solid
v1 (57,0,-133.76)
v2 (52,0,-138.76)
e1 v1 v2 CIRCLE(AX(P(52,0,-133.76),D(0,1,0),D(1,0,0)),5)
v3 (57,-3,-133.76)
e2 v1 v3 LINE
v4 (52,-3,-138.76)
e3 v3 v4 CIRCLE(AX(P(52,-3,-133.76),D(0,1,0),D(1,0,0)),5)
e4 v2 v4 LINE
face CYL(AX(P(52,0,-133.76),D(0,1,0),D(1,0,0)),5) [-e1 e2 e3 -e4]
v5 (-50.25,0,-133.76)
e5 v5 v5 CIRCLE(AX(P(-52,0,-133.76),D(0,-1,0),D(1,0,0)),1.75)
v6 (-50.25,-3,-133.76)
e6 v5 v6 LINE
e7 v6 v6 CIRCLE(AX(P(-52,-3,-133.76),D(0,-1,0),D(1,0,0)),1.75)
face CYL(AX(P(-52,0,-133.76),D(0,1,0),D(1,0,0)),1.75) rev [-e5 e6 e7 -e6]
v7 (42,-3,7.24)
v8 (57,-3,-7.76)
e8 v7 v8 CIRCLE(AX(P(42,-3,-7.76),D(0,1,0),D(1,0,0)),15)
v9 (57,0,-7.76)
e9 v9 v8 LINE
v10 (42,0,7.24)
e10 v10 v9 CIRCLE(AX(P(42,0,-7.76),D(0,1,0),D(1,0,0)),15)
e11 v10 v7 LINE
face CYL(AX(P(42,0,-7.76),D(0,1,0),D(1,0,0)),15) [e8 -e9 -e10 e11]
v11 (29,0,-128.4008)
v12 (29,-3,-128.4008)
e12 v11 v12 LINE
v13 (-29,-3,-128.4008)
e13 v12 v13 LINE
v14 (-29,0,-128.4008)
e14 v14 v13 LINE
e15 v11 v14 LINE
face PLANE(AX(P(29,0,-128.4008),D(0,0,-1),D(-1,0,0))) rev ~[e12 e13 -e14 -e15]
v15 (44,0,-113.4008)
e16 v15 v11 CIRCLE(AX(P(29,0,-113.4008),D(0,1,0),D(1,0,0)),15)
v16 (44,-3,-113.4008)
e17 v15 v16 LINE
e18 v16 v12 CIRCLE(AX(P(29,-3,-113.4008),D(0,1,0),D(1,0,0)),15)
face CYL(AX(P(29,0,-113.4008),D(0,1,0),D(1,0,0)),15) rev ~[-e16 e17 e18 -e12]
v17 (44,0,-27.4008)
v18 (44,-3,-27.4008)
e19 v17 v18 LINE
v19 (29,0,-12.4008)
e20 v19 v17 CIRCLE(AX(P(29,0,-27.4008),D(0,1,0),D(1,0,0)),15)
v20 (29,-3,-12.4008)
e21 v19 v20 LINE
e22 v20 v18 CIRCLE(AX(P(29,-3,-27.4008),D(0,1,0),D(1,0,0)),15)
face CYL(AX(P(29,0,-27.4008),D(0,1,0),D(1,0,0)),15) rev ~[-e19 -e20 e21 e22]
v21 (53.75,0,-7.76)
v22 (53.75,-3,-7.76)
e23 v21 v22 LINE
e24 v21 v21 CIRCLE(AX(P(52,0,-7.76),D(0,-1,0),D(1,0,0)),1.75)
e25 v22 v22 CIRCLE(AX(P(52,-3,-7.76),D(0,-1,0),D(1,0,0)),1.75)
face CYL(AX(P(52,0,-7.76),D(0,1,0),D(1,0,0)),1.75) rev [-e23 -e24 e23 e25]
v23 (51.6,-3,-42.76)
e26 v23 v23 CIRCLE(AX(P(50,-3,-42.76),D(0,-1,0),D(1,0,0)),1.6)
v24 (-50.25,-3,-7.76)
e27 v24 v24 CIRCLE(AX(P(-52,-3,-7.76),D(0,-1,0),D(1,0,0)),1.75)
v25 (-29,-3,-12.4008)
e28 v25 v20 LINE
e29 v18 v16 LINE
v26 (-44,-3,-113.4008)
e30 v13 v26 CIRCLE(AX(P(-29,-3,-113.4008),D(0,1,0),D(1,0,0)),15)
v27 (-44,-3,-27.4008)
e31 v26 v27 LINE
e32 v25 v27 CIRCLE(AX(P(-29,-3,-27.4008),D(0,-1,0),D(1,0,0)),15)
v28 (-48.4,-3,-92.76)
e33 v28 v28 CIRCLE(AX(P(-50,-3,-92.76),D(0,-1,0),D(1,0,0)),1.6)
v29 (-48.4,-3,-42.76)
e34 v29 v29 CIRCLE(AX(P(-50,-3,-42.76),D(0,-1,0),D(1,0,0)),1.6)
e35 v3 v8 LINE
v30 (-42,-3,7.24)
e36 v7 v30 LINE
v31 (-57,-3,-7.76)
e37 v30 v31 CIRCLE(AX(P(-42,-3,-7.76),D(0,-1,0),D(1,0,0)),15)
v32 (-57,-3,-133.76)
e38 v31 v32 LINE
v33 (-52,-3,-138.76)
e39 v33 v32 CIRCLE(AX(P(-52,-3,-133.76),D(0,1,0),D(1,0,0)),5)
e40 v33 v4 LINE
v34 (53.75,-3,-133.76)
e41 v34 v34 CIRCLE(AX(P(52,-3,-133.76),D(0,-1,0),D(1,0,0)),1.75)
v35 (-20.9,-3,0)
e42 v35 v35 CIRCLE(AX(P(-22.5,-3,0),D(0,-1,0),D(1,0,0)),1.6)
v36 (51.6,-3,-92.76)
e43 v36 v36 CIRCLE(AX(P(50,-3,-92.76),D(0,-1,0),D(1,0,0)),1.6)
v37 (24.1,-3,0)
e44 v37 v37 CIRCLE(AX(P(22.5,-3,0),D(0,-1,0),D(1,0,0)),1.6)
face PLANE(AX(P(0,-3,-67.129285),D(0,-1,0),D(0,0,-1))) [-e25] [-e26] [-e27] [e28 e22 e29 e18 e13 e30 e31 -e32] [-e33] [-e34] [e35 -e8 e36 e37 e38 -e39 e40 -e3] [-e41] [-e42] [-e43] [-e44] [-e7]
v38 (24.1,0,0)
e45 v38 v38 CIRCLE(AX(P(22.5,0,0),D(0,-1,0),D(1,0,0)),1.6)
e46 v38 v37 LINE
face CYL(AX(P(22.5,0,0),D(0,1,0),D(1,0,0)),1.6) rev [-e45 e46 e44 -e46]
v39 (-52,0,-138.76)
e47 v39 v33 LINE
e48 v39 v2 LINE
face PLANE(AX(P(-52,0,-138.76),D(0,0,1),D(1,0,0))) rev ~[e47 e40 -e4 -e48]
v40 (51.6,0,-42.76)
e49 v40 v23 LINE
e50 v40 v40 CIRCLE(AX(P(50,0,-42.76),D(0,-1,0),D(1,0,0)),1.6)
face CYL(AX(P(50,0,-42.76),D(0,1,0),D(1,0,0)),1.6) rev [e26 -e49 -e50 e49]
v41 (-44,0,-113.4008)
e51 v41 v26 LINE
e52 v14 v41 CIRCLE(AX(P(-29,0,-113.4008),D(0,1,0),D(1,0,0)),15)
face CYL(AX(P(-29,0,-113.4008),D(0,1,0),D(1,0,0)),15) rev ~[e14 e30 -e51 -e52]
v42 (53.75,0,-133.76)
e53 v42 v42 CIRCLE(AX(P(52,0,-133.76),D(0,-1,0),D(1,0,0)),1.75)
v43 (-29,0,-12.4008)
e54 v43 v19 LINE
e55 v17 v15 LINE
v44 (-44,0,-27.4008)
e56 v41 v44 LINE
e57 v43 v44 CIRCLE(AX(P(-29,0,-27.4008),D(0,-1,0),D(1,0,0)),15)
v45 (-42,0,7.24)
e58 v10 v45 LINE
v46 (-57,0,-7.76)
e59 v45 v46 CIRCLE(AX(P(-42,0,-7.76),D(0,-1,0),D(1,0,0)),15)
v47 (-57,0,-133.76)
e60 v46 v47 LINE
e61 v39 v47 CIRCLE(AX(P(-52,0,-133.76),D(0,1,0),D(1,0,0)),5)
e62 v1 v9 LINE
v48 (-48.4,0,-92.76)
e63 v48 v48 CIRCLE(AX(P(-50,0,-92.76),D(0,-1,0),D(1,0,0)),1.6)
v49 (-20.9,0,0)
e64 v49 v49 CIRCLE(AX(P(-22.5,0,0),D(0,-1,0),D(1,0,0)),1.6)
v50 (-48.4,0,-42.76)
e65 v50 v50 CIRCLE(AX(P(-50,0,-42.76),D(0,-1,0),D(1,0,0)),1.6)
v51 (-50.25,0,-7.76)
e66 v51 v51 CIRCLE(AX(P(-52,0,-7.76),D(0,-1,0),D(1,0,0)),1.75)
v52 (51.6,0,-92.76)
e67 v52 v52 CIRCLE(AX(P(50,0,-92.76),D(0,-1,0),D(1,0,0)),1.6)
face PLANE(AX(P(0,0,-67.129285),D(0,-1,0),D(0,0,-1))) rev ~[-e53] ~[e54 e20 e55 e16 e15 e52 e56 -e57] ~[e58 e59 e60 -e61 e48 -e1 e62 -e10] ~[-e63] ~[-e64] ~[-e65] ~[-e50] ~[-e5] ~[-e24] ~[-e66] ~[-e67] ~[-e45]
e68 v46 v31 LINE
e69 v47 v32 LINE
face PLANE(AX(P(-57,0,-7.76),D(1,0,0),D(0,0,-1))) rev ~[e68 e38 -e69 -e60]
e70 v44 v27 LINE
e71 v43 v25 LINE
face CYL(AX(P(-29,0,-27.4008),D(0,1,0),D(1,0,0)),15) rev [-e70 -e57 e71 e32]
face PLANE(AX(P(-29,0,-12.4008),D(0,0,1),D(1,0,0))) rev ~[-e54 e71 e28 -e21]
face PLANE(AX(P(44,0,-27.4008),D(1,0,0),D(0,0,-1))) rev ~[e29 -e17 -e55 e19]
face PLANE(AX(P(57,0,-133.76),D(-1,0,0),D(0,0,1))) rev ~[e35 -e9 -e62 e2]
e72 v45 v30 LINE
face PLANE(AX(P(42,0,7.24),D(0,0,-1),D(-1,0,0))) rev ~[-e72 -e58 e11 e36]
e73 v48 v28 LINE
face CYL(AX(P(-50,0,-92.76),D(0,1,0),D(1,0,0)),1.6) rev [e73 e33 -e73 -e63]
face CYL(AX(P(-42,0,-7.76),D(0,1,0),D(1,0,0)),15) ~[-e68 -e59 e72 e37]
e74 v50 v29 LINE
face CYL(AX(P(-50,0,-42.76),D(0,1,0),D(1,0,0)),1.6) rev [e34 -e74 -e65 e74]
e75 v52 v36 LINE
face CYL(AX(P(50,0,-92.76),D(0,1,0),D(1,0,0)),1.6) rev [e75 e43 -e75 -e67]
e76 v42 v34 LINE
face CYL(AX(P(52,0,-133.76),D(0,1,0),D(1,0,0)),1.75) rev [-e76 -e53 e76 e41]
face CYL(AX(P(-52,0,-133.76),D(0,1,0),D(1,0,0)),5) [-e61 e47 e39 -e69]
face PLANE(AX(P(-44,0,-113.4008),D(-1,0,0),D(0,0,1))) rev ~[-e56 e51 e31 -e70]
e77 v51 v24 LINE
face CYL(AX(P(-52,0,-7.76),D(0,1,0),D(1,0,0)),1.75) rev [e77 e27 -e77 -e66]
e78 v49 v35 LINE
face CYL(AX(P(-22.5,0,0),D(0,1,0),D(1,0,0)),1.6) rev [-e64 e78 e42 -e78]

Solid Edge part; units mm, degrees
sketch "Sketch1" plane through (0, 0, 0) normal (0, -1, 0) x (1, 0, 0)
  line L0 (-57, -7.76) -> (-57, -133.76)
  arc A0 (-52, -138.76) -> (-57, -133.76) centre (-52, -133.76) cw
  line L1 (-52, -138.76) -> (52, -138.76)
  arc A1 (57, -133.76) -> (52, -138.76) centre (52, -133.76) cw
  line L2 (57, -133.76) -> (57, -7.76)
  arc A2 (42, 7.24) -> (57, -7.76) centre (42, -7.76) cw
  line L3 (42, 7.24) -> (-42, 7.24)
  arc A3 (-42, 7.24) -> (-57, -7.76) centre (-42, -7.76) ccw
  circle A4 centre (-52, -7.76) radius 1.75
  circle A5 centre (-22.5, 0) radius 1.6
  circle A6 centre (22.5, 0) radius 1.6
  circle A7 centre (52, -7.76) radius 1.75
  circle A8 centre (-52, -133.76) radius 1.75
  circle A9 centre (52, -133.76) radius 1.75
  line L4 (-29, -12.4008) -> (29, -12.4008)
  arc A10 (29, -12.4008) -> (44, -27.4008) centre (29, -27.4008) cw
  line L5 (44, -27.4008) -> (44, -113.4008)
  arc A11 (44, -113.4008) -> (29, -128.4008) centre (29, -113.4008) cw
  line L6 (29, -128.4008) -> (-29, -128.4008)
  arc A12 (-29, -128.4008) -> (-44, -113.4008) centre (-29, -113.4008) cw
  line L7 (-44, -113.4008) -> (-44, -27.4008)
  arc A13 (-29, -12.4008) -> (-44, -27.4008) centre (-29, -27.4008) ccw
  circle A14 centre (-50, -42.76) radius 1.6
  circle A15 centre (-50, -92.76) radius 1.6
  circle A16 centre (50, -42.76) radius 1.6
  circle A17 centre (50, -92.76) radius 1.6
  dimension "D1" = 3.2
  dimension "D2" = 7.76
  dimension "D3" = 126
  dimension "D4" = 126
  dimension "D5" = 5
  dimension "D6" = 52
  dimension "D7" = 52
  dimension "D8" = 45
  dimension "D9" = 22.5
  dimension "D10" = 104
  dimension "D11" = 15
  dimension "D12" = 15
  dimension "D13" = 5
  dimension "D14" = 5
  dimension "D15" = 5
  dimension "D16" = 15
  dimension "D17" = 15
  dimension "D18" = 15
  dimension "D19" = 15
  dimension "D20" = 88
  dimension "D21" = 116
  dimension "D22" = 10.3592
  dimension "D23" = 44
  dimension "D24" = 3.2
  dimension "D25" = 50
  dimension "D26" = 50
  dimension "D27" = 50
  dimension "D28" = 50
extrude "Protrusion1" add sketch "Sketch1" along normal blind 3
properties material "ABS Plastic, medium impact"
